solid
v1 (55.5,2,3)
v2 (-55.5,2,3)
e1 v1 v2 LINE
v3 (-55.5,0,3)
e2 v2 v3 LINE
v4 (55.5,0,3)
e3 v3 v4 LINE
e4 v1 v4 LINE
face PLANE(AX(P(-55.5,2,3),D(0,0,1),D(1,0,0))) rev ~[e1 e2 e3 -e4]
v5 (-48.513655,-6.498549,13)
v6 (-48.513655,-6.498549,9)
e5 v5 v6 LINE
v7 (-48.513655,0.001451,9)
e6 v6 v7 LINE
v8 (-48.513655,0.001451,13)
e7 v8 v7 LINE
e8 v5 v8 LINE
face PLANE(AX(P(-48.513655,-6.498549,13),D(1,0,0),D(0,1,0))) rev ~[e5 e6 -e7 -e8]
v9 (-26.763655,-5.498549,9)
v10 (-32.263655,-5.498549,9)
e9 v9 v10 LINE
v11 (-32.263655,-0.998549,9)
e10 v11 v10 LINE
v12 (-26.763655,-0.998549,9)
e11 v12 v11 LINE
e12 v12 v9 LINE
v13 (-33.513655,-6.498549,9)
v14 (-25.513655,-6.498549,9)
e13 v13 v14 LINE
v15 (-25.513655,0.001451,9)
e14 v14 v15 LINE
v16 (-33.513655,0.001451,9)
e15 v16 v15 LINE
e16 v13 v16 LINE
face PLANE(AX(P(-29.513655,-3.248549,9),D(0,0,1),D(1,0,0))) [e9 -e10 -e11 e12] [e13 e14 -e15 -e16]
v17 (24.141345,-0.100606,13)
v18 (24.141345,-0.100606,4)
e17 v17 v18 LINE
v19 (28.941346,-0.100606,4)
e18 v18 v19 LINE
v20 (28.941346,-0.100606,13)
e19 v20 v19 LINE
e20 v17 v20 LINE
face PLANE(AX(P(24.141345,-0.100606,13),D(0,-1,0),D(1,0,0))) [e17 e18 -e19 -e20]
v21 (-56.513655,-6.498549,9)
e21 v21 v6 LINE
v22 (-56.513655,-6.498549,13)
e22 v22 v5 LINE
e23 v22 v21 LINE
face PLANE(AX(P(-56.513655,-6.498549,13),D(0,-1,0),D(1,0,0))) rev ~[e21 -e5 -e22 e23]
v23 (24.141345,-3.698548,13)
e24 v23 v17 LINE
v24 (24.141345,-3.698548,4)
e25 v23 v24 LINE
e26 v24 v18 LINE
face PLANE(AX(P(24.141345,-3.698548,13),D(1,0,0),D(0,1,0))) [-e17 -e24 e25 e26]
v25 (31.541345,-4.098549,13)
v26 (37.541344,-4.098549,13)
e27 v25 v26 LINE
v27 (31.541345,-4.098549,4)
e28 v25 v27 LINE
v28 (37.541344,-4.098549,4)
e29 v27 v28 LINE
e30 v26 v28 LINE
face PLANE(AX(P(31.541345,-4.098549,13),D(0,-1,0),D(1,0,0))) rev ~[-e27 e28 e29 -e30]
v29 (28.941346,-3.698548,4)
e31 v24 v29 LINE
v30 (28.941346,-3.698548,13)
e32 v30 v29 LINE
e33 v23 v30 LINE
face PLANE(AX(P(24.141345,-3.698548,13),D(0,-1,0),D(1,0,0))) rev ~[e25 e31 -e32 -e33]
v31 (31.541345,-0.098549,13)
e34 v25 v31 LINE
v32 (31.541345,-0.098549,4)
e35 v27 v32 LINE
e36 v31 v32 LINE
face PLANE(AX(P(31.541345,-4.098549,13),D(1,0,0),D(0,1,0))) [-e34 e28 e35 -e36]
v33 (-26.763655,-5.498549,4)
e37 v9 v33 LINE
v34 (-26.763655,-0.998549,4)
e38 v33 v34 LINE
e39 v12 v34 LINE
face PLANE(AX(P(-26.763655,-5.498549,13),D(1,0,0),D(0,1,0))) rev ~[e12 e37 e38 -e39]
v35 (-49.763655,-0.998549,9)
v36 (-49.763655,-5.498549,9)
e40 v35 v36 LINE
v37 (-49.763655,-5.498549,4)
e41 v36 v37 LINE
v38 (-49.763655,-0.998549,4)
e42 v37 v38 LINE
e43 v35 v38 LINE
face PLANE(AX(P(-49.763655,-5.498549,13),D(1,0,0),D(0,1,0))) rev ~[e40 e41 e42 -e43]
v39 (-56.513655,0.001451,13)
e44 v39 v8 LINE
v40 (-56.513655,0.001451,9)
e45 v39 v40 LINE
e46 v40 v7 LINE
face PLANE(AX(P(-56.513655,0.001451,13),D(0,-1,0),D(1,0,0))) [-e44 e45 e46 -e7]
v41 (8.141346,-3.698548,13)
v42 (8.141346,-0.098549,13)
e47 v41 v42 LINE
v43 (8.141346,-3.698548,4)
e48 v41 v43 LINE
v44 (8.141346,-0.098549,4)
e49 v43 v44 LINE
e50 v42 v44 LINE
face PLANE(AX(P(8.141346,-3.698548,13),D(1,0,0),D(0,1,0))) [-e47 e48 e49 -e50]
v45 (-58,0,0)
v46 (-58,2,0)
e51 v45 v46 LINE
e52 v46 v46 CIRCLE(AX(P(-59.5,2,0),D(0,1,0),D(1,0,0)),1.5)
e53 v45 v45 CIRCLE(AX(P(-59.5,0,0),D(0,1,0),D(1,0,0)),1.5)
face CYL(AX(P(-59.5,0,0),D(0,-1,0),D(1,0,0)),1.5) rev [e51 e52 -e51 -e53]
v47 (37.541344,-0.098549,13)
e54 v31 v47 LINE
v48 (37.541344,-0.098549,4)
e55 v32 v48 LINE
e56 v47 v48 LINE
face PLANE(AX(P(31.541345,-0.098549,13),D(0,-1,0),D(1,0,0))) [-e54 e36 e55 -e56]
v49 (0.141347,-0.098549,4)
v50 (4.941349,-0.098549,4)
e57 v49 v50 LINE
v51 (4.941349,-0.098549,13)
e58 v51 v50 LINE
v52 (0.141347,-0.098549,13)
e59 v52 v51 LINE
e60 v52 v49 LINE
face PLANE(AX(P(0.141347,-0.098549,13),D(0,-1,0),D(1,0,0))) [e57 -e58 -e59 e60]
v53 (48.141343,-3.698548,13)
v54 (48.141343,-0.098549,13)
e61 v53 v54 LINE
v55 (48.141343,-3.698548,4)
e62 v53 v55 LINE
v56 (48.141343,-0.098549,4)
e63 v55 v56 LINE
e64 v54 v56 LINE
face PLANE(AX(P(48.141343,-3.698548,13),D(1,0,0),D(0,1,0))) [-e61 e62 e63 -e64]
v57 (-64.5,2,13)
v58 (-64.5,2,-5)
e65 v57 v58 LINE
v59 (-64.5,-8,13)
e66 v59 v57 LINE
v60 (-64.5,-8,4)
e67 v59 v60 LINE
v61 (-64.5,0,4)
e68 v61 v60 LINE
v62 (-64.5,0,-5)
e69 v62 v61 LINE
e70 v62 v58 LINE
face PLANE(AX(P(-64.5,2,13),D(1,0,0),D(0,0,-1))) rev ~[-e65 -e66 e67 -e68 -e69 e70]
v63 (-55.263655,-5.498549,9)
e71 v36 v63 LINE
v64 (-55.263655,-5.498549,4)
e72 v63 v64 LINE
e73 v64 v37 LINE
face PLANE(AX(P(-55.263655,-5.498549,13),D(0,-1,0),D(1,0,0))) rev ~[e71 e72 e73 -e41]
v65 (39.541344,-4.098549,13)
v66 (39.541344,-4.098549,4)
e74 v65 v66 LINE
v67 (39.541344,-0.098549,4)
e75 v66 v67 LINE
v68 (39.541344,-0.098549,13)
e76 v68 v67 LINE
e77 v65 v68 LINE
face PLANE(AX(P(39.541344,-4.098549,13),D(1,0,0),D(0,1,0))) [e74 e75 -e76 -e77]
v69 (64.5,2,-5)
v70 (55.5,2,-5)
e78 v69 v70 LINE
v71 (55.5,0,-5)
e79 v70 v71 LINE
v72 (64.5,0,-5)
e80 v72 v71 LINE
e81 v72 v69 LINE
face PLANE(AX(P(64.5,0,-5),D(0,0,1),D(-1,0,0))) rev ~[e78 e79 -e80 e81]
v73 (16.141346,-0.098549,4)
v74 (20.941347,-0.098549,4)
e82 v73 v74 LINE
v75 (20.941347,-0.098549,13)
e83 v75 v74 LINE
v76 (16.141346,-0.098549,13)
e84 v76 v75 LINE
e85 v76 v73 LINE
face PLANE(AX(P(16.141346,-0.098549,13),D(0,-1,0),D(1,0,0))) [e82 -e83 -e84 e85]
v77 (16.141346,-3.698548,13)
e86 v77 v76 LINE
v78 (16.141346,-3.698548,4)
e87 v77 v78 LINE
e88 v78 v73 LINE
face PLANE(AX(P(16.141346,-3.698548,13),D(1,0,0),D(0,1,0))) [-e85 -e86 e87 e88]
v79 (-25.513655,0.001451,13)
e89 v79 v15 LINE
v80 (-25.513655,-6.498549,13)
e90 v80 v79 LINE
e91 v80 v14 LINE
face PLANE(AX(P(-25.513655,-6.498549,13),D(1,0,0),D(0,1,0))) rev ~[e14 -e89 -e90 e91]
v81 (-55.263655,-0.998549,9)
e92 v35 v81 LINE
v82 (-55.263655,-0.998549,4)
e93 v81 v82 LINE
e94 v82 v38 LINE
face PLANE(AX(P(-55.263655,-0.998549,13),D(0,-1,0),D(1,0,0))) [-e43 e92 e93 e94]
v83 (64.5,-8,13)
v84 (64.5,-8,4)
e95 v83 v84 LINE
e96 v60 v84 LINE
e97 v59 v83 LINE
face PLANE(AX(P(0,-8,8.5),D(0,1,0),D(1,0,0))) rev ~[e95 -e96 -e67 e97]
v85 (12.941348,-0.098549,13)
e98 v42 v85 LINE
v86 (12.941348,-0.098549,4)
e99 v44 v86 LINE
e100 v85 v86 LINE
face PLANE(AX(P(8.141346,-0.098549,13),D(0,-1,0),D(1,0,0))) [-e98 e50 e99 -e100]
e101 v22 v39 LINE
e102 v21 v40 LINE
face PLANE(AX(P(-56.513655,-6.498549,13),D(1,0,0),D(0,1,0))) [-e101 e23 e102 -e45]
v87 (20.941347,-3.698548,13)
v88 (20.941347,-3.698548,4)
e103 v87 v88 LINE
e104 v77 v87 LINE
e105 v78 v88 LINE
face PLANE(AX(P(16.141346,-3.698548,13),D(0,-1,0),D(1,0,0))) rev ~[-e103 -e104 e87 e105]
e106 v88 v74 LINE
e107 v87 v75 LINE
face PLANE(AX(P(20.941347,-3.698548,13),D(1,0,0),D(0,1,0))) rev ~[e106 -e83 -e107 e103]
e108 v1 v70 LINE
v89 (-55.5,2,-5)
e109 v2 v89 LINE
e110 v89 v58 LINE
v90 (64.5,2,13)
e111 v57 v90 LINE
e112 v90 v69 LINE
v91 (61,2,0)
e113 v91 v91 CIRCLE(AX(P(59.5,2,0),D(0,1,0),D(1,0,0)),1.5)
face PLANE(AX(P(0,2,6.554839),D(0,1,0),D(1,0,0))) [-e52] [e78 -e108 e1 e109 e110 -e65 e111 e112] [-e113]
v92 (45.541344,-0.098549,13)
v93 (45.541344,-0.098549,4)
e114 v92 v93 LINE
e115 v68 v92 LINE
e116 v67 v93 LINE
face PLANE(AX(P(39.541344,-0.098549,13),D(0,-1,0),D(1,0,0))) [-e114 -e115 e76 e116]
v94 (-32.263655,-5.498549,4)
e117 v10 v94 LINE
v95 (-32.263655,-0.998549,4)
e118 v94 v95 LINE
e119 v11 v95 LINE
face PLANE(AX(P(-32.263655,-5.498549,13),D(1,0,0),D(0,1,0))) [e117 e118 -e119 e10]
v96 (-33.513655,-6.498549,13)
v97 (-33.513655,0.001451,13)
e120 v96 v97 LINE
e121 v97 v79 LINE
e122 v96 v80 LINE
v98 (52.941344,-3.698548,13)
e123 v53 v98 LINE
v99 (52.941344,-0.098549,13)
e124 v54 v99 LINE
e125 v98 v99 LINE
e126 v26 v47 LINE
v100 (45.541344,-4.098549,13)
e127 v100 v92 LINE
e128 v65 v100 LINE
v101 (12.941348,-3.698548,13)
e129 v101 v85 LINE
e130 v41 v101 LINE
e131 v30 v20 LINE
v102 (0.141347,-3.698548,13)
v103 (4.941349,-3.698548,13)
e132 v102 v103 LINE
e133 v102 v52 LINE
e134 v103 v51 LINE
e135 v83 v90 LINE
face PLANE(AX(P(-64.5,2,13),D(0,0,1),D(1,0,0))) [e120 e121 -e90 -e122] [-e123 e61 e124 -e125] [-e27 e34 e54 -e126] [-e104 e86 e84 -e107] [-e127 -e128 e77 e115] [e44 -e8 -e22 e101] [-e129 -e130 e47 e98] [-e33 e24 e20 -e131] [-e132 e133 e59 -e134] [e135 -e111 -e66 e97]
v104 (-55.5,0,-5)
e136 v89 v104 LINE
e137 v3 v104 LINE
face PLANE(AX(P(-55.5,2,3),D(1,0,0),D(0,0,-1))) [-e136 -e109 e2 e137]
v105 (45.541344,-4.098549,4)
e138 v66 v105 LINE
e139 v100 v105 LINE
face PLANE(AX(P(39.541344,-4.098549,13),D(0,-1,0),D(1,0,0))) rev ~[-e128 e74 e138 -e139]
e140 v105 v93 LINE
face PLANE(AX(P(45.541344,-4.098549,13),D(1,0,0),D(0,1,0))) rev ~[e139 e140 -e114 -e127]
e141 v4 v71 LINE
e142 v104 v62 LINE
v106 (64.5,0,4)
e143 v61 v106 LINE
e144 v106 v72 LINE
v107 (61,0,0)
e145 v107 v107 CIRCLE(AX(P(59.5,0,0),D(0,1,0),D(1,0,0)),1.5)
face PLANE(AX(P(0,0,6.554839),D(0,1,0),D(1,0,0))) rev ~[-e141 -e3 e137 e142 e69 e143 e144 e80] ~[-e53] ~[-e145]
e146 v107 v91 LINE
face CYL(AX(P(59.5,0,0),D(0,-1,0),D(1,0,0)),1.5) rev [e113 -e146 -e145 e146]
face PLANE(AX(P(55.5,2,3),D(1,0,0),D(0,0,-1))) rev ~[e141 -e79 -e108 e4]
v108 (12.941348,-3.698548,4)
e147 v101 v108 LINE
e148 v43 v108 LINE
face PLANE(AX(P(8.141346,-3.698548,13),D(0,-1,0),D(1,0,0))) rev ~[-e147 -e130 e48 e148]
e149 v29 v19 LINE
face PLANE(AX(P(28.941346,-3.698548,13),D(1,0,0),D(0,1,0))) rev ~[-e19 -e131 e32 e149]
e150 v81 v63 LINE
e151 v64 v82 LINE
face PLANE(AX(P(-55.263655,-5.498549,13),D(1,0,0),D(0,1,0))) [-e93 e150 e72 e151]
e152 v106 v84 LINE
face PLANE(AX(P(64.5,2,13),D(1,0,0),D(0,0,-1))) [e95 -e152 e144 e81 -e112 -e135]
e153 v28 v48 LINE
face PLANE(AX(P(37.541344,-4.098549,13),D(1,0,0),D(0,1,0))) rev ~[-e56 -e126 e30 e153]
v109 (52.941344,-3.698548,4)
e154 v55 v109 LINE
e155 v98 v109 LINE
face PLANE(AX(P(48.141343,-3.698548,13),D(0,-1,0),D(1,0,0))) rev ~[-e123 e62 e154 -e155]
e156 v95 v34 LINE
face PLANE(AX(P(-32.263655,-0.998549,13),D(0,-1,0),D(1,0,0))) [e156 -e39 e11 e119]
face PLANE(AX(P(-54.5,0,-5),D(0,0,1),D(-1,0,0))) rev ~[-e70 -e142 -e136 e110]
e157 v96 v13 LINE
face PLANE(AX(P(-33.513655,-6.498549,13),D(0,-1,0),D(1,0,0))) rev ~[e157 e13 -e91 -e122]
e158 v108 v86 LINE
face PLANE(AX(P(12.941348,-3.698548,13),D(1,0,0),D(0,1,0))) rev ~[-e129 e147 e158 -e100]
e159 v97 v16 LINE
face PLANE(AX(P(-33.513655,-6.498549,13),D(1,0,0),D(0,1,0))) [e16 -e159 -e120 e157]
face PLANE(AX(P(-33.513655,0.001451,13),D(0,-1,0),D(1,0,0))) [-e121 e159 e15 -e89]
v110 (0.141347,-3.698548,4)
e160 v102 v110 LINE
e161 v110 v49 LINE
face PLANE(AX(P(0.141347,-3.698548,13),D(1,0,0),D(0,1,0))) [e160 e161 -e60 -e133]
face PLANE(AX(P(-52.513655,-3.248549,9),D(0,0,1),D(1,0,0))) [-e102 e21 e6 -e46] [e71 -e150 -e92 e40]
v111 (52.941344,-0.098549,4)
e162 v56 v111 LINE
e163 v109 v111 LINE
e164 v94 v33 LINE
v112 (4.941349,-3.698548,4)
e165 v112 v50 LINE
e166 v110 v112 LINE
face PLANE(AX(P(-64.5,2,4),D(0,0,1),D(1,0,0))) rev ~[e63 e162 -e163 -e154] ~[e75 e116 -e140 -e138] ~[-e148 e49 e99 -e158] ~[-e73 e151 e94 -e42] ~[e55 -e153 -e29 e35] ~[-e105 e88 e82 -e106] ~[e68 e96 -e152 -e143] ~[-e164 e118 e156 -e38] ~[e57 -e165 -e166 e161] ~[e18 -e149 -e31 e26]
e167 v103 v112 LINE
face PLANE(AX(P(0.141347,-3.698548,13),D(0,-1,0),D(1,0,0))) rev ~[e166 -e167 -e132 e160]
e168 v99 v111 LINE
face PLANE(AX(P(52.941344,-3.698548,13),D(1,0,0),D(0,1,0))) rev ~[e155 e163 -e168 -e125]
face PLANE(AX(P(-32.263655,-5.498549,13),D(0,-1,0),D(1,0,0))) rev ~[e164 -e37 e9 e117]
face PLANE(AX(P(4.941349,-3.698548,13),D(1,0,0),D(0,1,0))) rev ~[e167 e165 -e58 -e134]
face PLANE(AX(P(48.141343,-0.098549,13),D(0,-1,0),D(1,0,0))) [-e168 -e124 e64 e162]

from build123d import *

# Parameters (mm, degrees)
SKETCH3_R           = 1.5
BOSS_EXTRUDE4_DEPTH = 2
SKETCH8_W           = 129
SKETCH8_H           = 9
BOSS_EXTRUDE5_DEPTH = 10
SKETCH10_W          = 5.5
SKETCH10_H          = 4.5
SKETCH10_W_2        = 4.80000148
SKETCH10_H_2        = 3.5999988
SKETCH10_H_3        = 3.597941299
SKETCH10_W_3        = 5.99999908
SKETCH10_H_4        = 4.00000054
CUT_EXTRUDE1_DEPTH  = 18
SKETCH11_W          = 8
SKETCH11_H          = 6.5
CUT_EXTRUDE2_DEPTH  = 4
SKETCH12_W          = 111
SKETCH12_H          = 8
CUT_EXTRUDE3_DEPTH  = 10


with BuildPart() as part:
    # Sketch3 → Boss-Extrude4 (new body)
    with BuildSketch(Plane(origin=(0, 0, 0), x_dir=(1, 0, 0), z_dir=(0, 1, 0))):
        Polygon((-64.5, -13), (64.5, -13), (64.5, 5), (54.5, 5), (54.5, -3), (-54.5, -3), (-54.5, 5), (-64.5, 5), align=None)
        with Locations((-59.5, 0)):
            Circle(SKETCH3_R, mode=Mode.SUBTRACT)
        with Locations((59.5, 0)):
            Circle(SKETCH3_R, mode=Mode.SUBTRACT)
    extrude(amount=BOSS_EXTRUDE4_DEPTH)

    # Sketch8 → Boss-Extrude5 (add)
    with BuildSketch(Plane(origin=(0, 2, 0), x_dir=(1, 0, 0), z_dir=(0, 1, 0))):
        with Locations((0, -8.5)):
            Rectangle(SKETCH8_W, SKETCH8_H)
    extrude(amount=-BOSS_EXTRUDE5_DEPTH)

    # Sketch10 → Cut-Extrude1 (cut)
    with BuildSketch(Plane.XY.offset(13)):
        with Locations((-52.513655094, -3.248549409)):
            Rectangle(SKETCH10_W, SKETCH10_H)
        with Locations((-29.513655374, -3.248549409)):
            Rectangle(SKETCH10_W, SKETCH10_H)
        with Locations((2.541347826, -1.898548299)):
            Rectangle(SKETCH10_W_2, SKETCH10_H_2)
        with Locations((10.541347066, -1.898548299)):
            Rectangle(SKETCH10_W_2, SKETCH10_H_2)
        with Locations((18.541346306, -1.898548299)):
            Rectangle(SKETCH10_W_2, SKETCH10_H_2)
        with Locations((26.541345546, -1.89957705)):
            Rectangle(SKETCH10_W_2, SKETCH10_H_3)
        with Locations((34.541344786, -2.098549169)):
            Rectangle(SKETCH10_W_3, SKETCH10_H_4)
        with Locations((42.541344026, -2.098549169)):
            Rectangle(SKETCH10_W_3, SKETCH10_H_4)
        with Locations((50.541343266, -1.898548299)):
            Rectangle(SKETCH10_W_2, SKETCH10_H_2)
    extrude(amount=-CUT_EXTRUDE1_DEPTH, mode=Mode.SUBTRACT)

    # Sketch11 → Cut-Extrude2 (cut)
    with BuildSketch(Plane.XY.offset(13)):
        with Locations((-52.513655094, -3.248549409)):
            Rectangle(SKETCH11_W, SKETCH11_H)
        with Locations((-29.513655374, -3.248549409)):
            Rectangle(SKETCH11_W, SKETCH11_H)
    extrude(amount=-CUT_EXTRUDE2_DEPTH, mode=Mode.SUBTRACT)

    # Sketch12 → Cut-Extrude3 (cut)
    with BuildSketch(Plane(origin=(0, 2, 0), x_dir=(1, 0, 0), z_dir=(0, 1, 0))):
        with Locations((0, 1)):
            Rectangle(SKETCH12_W, SKETCH12_H)
    extrude(amount=-CUT_EXTRUDE3_DEPTH, mode=Mode.SUBTRACT)


solid = part.part
